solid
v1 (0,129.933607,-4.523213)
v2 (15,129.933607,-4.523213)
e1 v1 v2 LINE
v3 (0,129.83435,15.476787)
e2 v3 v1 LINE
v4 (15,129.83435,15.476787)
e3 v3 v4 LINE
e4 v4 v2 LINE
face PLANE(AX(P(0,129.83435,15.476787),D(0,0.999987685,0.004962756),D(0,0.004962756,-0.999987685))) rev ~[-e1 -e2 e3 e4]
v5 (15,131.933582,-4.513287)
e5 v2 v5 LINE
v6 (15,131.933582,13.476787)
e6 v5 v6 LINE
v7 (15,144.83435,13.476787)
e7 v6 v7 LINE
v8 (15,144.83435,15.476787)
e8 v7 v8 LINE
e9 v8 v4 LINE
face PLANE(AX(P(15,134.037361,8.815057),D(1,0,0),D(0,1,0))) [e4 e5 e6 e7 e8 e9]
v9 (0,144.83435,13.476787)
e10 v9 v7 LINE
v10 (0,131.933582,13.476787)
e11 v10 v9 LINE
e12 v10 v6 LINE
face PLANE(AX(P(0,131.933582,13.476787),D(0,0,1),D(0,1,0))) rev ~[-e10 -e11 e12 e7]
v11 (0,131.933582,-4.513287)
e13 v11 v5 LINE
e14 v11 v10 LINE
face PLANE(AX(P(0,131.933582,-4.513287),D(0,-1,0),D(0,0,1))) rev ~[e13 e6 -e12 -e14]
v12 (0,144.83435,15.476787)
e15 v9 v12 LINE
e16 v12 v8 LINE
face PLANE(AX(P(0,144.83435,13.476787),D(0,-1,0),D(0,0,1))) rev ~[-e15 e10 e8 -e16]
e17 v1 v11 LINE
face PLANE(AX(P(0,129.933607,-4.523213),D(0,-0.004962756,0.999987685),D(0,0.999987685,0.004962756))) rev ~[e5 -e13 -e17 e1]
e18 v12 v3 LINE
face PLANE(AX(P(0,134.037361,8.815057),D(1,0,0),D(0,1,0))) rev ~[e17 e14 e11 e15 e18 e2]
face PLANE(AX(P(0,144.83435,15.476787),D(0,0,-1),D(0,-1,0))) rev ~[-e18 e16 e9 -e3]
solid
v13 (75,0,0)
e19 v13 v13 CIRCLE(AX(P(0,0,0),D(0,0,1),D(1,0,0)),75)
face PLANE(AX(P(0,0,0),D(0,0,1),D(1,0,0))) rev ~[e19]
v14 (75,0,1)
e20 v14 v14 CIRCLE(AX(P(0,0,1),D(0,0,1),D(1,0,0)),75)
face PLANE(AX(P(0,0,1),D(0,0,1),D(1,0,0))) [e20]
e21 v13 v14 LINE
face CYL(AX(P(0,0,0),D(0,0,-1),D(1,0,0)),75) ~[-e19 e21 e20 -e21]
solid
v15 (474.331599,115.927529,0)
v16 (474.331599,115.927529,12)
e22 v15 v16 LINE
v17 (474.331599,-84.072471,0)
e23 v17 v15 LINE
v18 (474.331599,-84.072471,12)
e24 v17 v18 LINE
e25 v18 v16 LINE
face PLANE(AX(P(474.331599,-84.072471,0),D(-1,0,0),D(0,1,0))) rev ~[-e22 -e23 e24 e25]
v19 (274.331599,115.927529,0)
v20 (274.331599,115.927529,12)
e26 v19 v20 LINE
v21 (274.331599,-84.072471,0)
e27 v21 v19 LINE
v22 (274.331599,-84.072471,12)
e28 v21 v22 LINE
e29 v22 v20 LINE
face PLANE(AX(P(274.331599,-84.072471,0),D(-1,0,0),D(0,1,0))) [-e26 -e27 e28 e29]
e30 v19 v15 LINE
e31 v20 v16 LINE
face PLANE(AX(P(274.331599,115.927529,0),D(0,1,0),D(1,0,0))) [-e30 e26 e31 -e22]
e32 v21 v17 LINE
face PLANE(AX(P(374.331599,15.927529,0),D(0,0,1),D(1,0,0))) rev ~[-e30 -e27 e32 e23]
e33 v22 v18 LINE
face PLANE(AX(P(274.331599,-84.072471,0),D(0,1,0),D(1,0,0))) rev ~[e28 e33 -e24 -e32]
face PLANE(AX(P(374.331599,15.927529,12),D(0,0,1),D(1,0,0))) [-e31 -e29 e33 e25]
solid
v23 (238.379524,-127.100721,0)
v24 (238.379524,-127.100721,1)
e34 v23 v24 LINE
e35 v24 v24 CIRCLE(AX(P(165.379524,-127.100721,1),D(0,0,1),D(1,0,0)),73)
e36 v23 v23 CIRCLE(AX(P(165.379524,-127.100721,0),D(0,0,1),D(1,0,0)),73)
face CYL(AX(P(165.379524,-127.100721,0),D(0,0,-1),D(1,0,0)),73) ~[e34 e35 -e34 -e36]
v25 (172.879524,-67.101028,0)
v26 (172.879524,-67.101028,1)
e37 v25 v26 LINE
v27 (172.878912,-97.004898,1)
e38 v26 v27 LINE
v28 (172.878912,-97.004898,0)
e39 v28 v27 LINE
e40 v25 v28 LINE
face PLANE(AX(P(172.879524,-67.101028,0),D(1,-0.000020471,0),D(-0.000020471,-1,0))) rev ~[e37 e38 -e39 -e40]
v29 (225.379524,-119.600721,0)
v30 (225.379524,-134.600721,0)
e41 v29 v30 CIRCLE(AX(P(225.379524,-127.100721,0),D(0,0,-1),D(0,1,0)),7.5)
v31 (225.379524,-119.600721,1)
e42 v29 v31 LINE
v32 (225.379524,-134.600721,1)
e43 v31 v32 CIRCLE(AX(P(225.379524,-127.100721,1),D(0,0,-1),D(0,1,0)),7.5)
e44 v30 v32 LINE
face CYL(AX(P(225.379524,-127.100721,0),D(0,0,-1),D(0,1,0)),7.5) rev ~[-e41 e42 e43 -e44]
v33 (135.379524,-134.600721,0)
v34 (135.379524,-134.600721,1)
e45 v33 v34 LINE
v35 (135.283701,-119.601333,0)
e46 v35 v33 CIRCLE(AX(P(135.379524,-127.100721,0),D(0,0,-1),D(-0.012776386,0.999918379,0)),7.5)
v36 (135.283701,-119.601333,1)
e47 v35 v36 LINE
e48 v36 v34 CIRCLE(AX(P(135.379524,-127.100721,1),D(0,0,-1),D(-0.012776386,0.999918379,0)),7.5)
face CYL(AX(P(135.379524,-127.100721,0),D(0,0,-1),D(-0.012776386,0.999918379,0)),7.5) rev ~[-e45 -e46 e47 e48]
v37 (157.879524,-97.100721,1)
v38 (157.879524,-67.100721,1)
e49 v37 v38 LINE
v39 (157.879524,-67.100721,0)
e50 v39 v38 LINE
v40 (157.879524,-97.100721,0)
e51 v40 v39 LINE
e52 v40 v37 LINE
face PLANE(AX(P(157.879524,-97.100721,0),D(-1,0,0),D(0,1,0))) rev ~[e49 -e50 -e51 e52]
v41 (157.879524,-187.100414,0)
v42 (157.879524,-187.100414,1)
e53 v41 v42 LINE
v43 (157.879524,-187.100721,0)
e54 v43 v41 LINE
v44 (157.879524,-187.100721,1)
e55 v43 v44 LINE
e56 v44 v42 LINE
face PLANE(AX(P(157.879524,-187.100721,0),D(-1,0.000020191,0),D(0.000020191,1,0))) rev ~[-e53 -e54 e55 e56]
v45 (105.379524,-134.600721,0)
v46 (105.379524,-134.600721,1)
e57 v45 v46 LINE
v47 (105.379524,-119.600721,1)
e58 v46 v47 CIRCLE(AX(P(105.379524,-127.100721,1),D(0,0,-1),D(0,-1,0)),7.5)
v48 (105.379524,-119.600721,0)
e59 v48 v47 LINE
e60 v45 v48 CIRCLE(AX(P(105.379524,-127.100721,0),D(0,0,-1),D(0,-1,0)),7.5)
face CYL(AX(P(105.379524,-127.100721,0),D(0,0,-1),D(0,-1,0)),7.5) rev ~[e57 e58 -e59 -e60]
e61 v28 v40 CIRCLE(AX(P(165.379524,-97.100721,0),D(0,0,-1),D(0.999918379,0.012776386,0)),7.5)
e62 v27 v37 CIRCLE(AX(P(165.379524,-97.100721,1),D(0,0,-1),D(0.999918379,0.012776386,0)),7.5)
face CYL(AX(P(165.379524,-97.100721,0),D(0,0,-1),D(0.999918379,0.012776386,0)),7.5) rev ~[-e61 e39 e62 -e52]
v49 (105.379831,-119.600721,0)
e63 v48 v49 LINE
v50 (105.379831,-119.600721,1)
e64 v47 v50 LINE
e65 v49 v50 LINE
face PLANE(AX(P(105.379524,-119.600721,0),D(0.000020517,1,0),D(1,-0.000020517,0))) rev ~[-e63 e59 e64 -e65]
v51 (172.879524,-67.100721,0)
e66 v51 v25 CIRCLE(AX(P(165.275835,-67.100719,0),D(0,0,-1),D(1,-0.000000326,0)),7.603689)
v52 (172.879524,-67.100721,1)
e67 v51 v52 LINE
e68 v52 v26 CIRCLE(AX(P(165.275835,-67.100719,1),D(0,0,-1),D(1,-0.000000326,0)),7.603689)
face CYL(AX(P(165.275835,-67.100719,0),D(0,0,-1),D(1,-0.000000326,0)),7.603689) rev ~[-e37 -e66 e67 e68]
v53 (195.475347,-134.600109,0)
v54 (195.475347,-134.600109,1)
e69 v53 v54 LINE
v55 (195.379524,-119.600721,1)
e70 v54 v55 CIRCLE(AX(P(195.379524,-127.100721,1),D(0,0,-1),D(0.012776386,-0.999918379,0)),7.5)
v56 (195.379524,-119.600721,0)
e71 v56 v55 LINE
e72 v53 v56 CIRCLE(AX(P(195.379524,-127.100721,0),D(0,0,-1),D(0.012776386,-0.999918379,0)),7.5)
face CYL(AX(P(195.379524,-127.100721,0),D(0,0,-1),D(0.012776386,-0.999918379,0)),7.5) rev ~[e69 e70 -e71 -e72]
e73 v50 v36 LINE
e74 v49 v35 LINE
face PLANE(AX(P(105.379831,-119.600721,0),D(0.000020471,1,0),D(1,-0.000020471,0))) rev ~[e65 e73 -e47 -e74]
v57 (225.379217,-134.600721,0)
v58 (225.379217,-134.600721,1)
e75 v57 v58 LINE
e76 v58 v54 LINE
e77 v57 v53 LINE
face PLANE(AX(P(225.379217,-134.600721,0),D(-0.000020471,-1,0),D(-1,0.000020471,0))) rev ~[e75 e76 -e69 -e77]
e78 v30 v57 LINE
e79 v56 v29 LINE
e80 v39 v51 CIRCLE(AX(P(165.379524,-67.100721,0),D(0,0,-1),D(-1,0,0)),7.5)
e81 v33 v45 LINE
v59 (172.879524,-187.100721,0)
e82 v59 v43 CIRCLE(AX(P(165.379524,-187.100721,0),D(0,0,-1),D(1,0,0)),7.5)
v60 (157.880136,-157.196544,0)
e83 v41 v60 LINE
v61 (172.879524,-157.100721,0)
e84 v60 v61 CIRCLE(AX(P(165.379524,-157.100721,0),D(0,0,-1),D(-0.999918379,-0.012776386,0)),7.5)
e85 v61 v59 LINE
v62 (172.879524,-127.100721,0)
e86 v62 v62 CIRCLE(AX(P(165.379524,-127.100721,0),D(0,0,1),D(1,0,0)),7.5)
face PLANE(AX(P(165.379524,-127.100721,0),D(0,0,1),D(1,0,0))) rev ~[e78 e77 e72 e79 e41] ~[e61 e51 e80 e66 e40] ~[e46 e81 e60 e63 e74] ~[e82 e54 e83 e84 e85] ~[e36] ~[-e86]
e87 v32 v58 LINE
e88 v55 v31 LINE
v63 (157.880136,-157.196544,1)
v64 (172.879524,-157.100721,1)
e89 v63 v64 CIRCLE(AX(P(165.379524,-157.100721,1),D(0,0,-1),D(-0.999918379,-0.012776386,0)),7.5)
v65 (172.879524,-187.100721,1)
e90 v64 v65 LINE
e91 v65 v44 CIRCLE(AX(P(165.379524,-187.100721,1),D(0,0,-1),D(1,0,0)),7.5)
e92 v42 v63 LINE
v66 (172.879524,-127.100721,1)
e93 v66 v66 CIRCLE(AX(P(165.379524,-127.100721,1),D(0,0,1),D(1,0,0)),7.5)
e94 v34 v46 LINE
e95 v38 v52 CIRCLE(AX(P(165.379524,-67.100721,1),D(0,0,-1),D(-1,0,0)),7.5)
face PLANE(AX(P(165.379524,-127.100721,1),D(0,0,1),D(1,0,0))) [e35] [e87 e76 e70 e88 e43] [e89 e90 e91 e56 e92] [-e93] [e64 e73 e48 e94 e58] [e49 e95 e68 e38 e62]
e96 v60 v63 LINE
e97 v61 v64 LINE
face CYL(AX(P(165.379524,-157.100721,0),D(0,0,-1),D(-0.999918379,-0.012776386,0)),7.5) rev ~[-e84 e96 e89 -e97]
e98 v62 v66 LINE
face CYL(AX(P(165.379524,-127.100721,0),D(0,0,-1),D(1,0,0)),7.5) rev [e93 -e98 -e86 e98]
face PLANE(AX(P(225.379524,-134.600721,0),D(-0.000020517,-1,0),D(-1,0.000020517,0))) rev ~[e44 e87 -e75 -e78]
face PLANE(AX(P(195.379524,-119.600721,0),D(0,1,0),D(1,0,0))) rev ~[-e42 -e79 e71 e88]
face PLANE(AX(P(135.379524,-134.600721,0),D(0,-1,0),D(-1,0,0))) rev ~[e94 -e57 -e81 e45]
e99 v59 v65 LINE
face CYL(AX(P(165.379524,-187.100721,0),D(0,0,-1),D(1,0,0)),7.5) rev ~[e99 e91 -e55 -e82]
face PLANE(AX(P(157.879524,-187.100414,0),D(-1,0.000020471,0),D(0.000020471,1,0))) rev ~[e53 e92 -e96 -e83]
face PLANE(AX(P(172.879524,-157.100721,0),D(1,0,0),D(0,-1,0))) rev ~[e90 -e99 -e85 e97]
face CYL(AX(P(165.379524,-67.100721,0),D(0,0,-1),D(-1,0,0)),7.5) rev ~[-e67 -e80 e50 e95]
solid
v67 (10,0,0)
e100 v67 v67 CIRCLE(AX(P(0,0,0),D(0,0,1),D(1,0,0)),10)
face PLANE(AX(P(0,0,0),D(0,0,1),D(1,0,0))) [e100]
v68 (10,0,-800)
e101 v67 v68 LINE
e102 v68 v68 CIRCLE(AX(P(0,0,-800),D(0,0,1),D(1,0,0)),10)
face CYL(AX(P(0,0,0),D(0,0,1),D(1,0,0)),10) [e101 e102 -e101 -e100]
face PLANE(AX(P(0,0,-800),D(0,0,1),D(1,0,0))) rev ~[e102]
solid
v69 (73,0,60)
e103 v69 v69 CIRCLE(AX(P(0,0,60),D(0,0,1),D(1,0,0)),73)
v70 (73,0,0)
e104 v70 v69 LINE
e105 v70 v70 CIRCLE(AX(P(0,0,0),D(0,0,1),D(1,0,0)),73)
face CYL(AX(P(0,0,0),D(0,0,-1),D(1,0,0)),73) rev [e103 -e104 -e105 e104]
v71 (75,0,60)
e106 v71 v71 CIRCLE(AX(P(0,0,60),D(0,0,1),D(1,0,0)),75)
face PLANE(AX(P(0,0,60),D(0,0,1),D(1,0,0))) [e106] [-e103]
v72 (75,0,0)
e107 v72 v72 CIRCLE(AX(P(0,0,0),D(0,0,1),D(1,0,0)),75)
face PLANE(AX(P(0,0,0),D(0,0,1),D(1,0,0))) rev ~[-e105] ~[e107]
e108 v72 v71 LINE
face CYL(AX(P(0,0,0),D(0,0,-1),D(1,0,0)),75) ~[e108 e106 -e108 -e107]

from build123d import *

# Parameters (mm, degrees)
F0_R     = 75
F0_R_2   = 73
F1_DEPTH = 60
F0_R_3   = 10
F2_DEPTH = 800
F3_DEPTH = 1
F4_DEPTH = 12
F0_W     = 200
F0_H     = 200
F0_R_4   = 7.5
F7_DEPTH = 1
F9_DEPTH = 15


with BuildPart() as f1:
    # F0 (on Top) → F1 (new body)
    with BuildSketch(Plane.XY):
        Circle(F0_R)
        Circle(F0_R_2, mode=Mode.SUBTRACT)
    extrude(amount=F1_DEPTH)


with BuildPart() as f2:
    # F0 (on Top) → F2 (new body)
    with BuildSketch(Plane.XY):
        Circle(F0_R_3)
    extrude(amount=-F2_DEPTH)


with BuildPart() as f3:
    # F0 (on Top) → F3 (new body)
    with BuildSketch(Plane.XY):
        Circle(F0_R)
        Circle(F0_R_2, mode=Mode.SUBTRACT)
        Circle(F0_R_2)
        Circle(F0_R_3, mode=Mode.SUBTRACT)
        Circle(F0_R_3)
    extrude(amount=F3_DEPTH)


with BuildPart() as f4:
    # F0 (on Top) → F4 (new body)
    with BuildSketch(Plane.XY):
        Circle(F0_R)
        Circle(F0_R_2, mode=Mode.SUBTRACT)
    extrude(amount=F4_DEPTH)


with BuildPart() as f4b:
    # F0 (on Top) → F4, piece 2 (new body)
    with BuildSketch(Plane.XY):
        with Locations((374.331599474, 15.927529335)):
            Rectangle(F0_W, F0_H)
    extrude(amount=F4_DEPTH)


with BuildPart() as f4c:
    # F0 (on Top) → F4, piece 3 (new body)
    with BuildSketch(Plane.XY):
        with Locations((165.379524231, -127.1007210016)):
            Circle(F0_R_2)
        with BuildLine():
            ThreePointArc((157.8801363911, -157.1965438945), (165.3316118069, -149.6008740432), (172.879524231, -157.1007210016))
            Line((172.879524231, -157.1007210016), (172.879524231, -187.1007210016))
            ThreePointArc((172.879524231, -187.1007210016), (165.379524231, -194.6007210016), (157.879524231, -187.1007210016))
            Line((157.879524231, -187.1007210016), (157.8795242372, -187.1004139411))
            Line((157.8795242372, -187.1004139411), (157.8801363911, -157.1965438945))
        make_face(mode=Mode.SUBTRACT)
        with BuildLine():
            ThreePointArc((135.2837013381, -119.6013331617), (142.8793711894, -127.0528085775), (135.379524231, -134.6007210016))
            Line((135.379524231, -134.6007210016), (105.379524231, -134.6007210016))
            ThreePointArc((105.379524231, -134.6007210016), (97.879524231, -127.1007210016), (105.379524231, -119.6007210016))
            Line((105.379524231, -119.6007210016), (105.3798312914, -119.6007210079))
            Line((105.3798312914, -119.6007210079), (135.2837013381, -119.6013331617))
        make_face(mode=Mode.SUBTRACT)
        with Locations((165.379524231, -127.1007210016)):
            Circle(F0_R_4, mode=Mode.SUBTRACT)
        with BuildLine():
            ThreePointArc((172.8789120709, -97.0048981088), (165.4274366551, -104.60056796), (157.879524231, -97.1007210016))
            Line((157.879524231, -97.1007210016), (157.879524231, -67.1007210016))
            ThreePointArc((157.879524231, -67.1007210016), (165.379524231, -59.6007210016), (172.879524231, -67.1007210016))
            ThreePointArc((172.879524231, -67.1007210016), (172.8795242294, -67.1008745319), (172.8795242247, -67.1010280621))
            Line((172.8795242247, -67.1010280621), (172.8789120709, -97.0048981088))
        make_face(mode=Mode.SUBTRACT)
        with BuildLine():
            ThreePointArc((195.4753471238, -134.6001088415), (187.8796772725, -127.1486334257), (195.379524231, -119.6007210016))
            Line((195.379524231, -119.6007210016), (225.379524231, -119.6007210016))
            ThreePointArc((225.379524231, -119.6007210016), (232.879524231, -127.1007210016), (225.379524231, -134.6007210016))
            Line((225.379524231, -134.6007210016), (225.3792171705, -134.6007209953))
            Line((225.3792171705, -134.6007209953), (195.4753471238, -134.6001088415))
        make_face(mode=Mode.SUBTRACT)
    extrude(amount=F4_DEPTH)


with BuildPart() as f7:
    # F0 (on Top) → F7 (new body)
    with BuildSketch(Plane.XY):
        with Locations((165.379524231, -127.1007210016)):
            Circle(F0_R_2)
        with BuildLine():
            ThreePointArc((157.8801363911, -157.1965438945), (165.3316118069, -149.6008740432), (172.879524231, -157.1007210016))
            Line((172.879524231, -157.1007210016), (172.879524231, -187.1007210016))
            ThreePointArc((172.879524231, -187.1007210016), (165.379524231, -194.6007210016), (157.879524231, -187.1007210016))
            Line((157.879524231, -187.1007210016), (157.8795242372, -187.1004139411))
            Line((157.8795242372, -187.1004139411), (157.8801363911, -157.1965438945))
        make_face(mode=Mode.SUBTRACT)
        with BuildLine():
            ThreePointArc((135.2837013381, -119.6013331617), (142.8793711894, -127.0528085775), (135.379524231, -134.6007210016))
            Line((135.379524231, -134.6007210016), (105.379524231, -134.6007210016))
            ThreePointArc((105.379524231, -134.6007210016), (97.879524231, -127.1007210016), (105.379524231, -119.6007210016))
            Line((105.379524231, -119.6007210016), (105.3798312914, -119.6007210079))
            Line((105.3798312914, -119.6007210079), (135.2837013381, -119.6013331617))
        make_face(mode=Mode.SUBTRACT)
        with Locations((165.379524231, -127.1007210016)):
            Circle(F0_R_4, mode=Mode.SUBTRACT)
        with BuildLine():
            ThreePointArc((172.8789120709, -97.0048981088), (165.4274366551, -104.60056796), (157.879524231, -97.1007210016))
            Line((157.879524231, -97.1007210016), (157.879524231, -67.1007210016))
            ThreePointArc((157.879524231, -67.1007210016), (165.379524231, -59.6007210016), (172.879524231, -67.1007210016))
            ThreePointArc((172.879524231, -67.1007210016), (172.8795242294, -67.1008745319), (172.8795242247, -67.1010280621))
            Line((172.8795242247, -67.1010280621), (172.8789120709, -97.0048981088))
        make_face(mode=Mode.SUBTRACT)
        with BuildLine():
            ThreePointArc((195.4753471238, -134.6001088415), (187.8796772725, -127.1486334257), (195.379524231, -119.6007210016))
            Line((195.379524231, -119.6007210016), (225.379524231, -119.6007210016))
            ThreePointArc((225.379524231, -119.6007210016), (232.879524231, -127.1007210016), (225.379524231, -134.6007210016))
            Line((225.379524231, -134.6007210016), (225.3792171705, -134.6007209953))
            Line((225.3792171705, -134.6007209953), (195.4753471238, -134.6001088415))
        make_face(mode=Mode.SUBTRACT)
    extrude(amount=F7_DEPTH)


with BuildPart() as f9:
    # F8 (on Right) → F9 (new body)
    with BuildSketch(Plane.YZ):
        Polygon((144.8343504965, 13.4767872929), (144.8343504965, 15.4767872929), (129.8343504965, 15.4767872929), (129.933606843, -4.5232127071), (131.9335822139, -4.5132871947), (131.9335822139, 13.4767872929), align=None)
    extrude(amount=F9_DEPTH)


solid = Compound([f1.part, f2.part, f3.part, f4b.part, f7.part, f9.part])
